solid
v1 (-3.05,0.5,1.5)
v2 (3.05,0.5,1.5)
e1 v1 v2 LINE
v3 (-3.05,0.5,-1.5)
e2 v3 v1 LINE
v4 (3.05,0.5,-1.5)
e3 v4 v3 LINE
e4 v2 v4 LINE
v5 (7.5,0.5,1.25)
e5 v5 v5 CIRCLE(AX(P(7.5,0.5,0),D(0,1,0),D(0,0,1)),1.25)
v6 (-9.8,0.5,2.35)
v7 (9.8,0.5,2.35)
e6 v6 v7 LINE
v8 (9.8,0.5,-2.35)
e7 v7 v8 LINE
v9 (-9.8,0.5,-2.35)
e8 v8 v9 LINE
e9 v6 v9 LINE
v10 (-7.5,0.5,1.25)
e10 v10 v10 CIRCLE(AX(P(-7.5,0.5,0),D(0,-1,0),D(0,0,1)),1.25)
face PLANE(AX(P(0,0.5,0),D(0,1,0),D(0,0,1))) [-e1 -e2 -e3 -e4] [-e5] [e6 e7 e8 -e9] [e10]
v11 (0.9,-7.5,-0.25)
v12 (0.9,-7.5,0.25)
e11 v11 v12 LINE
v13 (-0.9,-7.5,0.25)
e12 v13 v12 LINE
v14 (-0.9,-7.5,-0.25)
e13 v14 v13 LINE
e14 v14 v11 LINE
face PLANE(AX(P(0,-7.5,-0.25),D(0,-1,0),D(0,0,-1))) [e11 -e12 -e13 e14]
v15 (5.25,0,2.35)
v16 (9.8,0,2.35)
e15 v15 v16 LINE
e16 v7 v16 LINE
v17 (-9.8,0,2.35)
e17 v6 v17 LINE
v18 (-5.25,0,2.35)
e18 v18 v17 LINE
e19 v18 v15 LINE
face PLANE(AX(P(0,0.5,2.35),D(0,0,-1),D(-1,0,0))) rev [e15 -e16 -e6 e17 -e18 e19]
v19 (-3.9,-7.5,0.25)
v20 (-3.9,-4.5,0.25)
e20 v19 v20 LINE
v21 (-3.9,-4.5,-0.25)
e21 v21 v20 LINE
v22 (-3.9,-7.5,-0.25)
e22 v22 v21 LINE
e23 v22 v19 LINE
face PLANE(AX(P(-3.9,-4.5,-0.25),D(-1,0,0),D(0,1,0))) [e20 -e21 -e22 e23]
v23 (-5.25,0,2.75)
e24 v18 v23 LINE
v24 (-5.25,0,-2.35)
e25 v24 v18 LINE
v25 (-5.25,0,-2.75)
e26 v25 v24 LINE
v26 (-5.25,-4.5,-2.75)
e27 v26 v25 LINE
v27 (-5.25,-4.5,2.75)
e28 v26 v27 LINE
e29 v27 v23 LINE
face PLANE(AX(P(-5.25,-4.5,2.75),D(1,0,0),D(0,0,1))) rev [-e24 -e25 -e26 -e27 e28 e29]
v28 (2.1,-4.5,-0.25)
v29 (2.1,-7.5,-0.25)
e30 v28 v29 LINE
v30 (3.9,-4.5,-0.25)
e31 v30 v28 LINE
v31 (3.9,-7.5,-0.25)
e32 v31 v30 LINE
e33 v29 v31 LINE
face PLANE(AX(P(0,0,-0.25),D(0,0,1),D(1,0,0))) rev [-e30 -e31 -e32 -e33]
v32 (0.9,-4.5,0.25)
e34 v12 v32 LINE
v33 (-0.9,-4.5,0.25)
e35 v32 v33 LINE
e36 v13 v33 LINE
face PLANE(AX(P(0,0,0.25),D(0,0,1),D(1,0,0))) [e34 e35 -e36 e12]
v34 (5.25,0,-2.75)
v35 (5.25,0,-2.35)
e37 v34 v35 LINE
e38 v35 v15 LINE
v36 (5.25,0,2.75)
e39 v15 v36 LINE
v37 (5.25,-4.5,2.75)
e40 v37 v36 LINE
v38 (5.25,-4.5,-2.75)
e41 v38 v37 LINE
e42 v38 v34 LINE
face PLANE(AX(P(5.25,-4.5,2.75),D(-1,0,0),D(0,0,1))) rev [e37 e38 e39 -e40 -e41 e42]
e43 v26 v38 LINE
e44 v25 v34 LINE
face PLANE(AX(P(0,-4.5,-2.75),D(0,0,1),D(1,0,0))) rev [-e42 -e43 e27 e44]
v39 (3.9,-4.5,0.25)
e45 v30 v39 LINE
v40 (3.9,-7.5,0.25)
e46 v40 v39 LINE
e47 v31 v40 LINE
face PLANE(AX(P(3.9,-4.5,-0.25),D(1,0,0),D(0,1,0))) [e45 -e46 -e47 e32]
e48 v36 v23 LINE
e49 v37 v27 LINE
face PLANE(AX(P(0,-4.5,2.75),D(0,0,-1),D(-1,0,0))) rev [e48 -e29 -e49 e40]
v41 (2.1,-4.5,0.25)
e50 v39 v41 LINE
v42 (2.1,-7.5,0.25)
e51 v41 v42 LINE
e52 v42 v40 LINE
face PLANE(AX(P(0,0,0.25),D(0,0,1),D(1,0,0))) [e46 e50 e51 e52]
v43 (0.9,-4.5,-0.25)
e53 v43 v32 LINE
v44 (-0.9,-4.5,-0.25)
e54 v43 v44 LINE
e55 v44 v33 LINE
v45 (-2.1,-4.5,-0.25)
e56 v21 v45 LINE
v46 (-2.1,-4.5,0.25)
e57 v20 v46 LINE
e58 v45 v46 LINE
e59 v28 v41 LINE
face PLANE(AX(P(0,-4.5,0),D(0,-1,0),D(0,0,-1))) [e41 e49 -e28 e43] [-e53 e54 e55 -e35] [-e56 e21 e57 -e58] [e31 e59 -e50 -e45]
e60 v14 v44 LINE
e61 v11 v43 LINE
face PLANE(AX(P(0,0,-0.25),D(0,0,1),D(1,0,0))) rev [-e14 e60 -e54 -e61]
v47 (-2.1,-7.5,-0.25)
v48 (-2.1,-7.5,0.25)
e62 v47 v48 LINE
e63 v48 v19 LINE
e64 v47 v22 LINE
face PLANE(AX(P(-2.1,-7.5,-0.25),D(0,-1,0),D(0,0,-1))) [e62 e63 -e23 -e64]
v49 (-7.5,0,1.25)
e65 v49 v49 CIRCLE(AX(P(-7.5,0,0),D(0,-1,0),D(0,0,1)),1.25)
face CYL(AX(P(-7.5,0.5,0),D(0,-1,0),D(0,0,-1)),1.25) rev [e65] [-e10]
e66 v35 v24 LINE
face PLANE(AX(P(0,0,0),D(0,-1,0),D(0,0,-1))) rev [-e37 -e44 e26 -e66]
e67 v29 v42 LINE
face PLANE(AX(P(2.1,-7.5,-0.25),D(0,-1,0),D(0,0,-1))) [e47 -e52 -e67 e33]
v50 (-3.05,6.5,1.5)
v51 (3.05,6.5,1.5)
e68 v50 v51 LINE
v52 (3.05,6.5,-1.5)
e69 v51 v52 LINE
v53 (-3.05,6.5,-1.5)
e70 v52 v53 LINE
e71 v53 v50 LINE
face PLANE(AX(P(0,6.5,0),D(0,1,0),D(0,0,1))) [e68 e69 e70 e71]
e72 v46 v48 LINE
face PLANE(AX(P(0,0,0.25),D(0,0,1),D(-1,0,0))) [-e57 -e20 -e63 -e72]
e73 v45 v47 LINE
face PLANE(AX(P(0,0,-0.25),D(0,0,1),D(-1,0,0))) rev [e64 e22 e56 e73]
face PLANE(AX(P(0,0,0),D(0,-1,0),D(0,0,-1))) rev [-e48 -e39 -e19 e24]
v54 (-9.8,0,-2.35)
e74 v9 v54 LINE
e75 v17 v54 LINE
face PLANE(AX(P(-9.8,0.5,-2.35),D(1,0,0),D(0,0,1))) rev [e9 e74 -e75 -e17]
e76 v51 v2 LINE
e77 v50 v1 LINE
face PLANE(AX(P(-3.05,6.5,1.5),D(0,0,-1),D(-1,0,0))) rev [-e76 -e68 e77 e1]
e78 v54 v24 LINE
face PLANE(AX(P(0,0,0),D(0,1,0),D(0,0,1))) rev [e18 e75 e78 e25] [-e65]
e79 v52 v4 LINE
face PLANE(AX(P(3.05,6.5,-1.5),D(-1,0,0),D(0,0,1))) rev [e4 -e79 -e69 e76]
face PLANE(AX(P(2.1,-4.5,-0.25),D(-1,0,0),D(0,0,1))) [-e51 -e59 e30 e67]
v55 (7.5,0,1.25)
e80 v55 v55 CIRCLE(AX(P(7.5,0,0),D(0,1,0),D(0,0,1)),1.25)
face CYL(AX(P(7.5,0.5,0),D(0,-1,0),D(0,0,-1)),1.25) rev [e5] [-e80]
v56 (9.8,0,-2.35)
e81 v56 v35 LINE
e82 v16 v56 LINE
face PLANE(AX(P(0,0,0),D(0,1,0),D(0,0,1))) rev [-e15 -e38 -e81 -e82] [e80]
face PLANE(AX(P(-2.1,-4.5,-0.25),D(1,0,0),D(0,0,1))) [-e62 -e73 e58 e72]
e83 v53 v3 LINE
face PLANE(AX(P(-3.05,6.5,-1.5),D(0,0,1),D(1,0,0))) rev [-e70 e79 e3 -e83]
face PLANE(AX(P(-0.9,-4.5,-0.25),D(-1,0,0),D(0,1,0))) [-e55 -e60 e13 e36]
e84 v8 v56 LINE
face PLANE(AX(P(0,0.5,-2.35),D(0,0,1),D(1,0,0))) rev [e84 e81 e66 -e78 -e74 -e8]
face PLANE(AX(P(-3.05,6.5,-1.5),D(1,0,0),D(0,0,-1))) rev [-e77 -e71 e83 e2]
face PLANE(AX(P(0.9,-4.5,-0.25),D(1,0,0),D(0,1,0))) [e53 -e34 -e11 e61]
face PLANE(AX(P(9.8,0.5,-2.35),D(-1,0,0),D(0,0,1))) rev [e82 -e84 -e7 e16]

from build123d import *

# Parameters (mm, degrees)
SKETCH_1_W           = 9.8
SKETCH_1_H           = 4.7
SKETCH_1_R           = 1.25
EXTRUDE_1_DEPTH      = 0.5
SKETCH_2_W           = 5.25
SKETCH_2_H           = 5.5
EXTRUDE_2_DEPTH      = 4.5
EXTRUDE_3_DEPTH      = 0.25
EXTRUDE_3_DEPTH_BACK = 0.25
SKETCH_3_W           = 1.8
SKETCH_3_H           = 3
SKETCH_3_W_2         = 0.9
SKETCH_4_W           = 6.1
SKETCH_4_H           = 3
EXTRUDE_4_DEPTH      = 6


with BuildPart() as part:
    # 草图1 → 凸台-拉伸1 (new body)
    with BuildSketch(Plane(origin=(0, 0, 0), x_dir=(1, 0, 0), z_dir=(0, 1, 0))):
        with Locations((4.9, 0)):
            Rectangle(SKETCH_1_W, SKETCH_1_H)
        with Locations(Location((7.5, 0, 0), (0, 0, 270))):
            Circle(SKETCH_1_R, mode=Mode.SUBTRACT)
    extrude(amount=EXTRUDE_1_DEPTH)

    # 草图2 → 凸台-拉伸2 (add)
    with BuildSketch(Plane.XZ):
        with Locations((2.625, 0)):
            Rectangle(SKETCH_2_W, SKETCH_2_H)
    extrude(amount=EXTRUDE_2_DEPTH)

    # 草图3 → 凸台-拉伸3 (add, two sides: drawn at the far end of the back side and taken through both)
    with BuildSketch(Plane.XY.offset(-EXTRUDE_3_DEPTH_BACK)):
        with Locations((3, -6)):
            Rectangle(SKETCH_3_W, SKETCH_3_H)
        with Locations((0.45, -6)):
            Rectangle(SKETCH_3_W_2, SKETCH_3_H)
    extrude(amount=EXTRUDE_3_DEPTH + EXTRUDE_3_DEPTH_BACK)

    # 镜向1: part across plane


with BuildPart() as part_1:
    add(part.part)
    add(part.part.mirror(Plane(origin=(0, 0.5, -2.35), x_dir=(0, 0, 1), z_dir=(1, 0, 0))))

    # 草图4 → 凸台-拉伸4 (add)
    with BuildSketch(Plane(origin=(0, 0.5, 0), x_dir=(1, 0, 0), z_dir=(0, 1, 0))):
        Rectangle(SKETCH_4_W, SKETCH_4_H)
    extrude(amount=EXTRUDE_4_DEPTH)


solid = part_1.part
